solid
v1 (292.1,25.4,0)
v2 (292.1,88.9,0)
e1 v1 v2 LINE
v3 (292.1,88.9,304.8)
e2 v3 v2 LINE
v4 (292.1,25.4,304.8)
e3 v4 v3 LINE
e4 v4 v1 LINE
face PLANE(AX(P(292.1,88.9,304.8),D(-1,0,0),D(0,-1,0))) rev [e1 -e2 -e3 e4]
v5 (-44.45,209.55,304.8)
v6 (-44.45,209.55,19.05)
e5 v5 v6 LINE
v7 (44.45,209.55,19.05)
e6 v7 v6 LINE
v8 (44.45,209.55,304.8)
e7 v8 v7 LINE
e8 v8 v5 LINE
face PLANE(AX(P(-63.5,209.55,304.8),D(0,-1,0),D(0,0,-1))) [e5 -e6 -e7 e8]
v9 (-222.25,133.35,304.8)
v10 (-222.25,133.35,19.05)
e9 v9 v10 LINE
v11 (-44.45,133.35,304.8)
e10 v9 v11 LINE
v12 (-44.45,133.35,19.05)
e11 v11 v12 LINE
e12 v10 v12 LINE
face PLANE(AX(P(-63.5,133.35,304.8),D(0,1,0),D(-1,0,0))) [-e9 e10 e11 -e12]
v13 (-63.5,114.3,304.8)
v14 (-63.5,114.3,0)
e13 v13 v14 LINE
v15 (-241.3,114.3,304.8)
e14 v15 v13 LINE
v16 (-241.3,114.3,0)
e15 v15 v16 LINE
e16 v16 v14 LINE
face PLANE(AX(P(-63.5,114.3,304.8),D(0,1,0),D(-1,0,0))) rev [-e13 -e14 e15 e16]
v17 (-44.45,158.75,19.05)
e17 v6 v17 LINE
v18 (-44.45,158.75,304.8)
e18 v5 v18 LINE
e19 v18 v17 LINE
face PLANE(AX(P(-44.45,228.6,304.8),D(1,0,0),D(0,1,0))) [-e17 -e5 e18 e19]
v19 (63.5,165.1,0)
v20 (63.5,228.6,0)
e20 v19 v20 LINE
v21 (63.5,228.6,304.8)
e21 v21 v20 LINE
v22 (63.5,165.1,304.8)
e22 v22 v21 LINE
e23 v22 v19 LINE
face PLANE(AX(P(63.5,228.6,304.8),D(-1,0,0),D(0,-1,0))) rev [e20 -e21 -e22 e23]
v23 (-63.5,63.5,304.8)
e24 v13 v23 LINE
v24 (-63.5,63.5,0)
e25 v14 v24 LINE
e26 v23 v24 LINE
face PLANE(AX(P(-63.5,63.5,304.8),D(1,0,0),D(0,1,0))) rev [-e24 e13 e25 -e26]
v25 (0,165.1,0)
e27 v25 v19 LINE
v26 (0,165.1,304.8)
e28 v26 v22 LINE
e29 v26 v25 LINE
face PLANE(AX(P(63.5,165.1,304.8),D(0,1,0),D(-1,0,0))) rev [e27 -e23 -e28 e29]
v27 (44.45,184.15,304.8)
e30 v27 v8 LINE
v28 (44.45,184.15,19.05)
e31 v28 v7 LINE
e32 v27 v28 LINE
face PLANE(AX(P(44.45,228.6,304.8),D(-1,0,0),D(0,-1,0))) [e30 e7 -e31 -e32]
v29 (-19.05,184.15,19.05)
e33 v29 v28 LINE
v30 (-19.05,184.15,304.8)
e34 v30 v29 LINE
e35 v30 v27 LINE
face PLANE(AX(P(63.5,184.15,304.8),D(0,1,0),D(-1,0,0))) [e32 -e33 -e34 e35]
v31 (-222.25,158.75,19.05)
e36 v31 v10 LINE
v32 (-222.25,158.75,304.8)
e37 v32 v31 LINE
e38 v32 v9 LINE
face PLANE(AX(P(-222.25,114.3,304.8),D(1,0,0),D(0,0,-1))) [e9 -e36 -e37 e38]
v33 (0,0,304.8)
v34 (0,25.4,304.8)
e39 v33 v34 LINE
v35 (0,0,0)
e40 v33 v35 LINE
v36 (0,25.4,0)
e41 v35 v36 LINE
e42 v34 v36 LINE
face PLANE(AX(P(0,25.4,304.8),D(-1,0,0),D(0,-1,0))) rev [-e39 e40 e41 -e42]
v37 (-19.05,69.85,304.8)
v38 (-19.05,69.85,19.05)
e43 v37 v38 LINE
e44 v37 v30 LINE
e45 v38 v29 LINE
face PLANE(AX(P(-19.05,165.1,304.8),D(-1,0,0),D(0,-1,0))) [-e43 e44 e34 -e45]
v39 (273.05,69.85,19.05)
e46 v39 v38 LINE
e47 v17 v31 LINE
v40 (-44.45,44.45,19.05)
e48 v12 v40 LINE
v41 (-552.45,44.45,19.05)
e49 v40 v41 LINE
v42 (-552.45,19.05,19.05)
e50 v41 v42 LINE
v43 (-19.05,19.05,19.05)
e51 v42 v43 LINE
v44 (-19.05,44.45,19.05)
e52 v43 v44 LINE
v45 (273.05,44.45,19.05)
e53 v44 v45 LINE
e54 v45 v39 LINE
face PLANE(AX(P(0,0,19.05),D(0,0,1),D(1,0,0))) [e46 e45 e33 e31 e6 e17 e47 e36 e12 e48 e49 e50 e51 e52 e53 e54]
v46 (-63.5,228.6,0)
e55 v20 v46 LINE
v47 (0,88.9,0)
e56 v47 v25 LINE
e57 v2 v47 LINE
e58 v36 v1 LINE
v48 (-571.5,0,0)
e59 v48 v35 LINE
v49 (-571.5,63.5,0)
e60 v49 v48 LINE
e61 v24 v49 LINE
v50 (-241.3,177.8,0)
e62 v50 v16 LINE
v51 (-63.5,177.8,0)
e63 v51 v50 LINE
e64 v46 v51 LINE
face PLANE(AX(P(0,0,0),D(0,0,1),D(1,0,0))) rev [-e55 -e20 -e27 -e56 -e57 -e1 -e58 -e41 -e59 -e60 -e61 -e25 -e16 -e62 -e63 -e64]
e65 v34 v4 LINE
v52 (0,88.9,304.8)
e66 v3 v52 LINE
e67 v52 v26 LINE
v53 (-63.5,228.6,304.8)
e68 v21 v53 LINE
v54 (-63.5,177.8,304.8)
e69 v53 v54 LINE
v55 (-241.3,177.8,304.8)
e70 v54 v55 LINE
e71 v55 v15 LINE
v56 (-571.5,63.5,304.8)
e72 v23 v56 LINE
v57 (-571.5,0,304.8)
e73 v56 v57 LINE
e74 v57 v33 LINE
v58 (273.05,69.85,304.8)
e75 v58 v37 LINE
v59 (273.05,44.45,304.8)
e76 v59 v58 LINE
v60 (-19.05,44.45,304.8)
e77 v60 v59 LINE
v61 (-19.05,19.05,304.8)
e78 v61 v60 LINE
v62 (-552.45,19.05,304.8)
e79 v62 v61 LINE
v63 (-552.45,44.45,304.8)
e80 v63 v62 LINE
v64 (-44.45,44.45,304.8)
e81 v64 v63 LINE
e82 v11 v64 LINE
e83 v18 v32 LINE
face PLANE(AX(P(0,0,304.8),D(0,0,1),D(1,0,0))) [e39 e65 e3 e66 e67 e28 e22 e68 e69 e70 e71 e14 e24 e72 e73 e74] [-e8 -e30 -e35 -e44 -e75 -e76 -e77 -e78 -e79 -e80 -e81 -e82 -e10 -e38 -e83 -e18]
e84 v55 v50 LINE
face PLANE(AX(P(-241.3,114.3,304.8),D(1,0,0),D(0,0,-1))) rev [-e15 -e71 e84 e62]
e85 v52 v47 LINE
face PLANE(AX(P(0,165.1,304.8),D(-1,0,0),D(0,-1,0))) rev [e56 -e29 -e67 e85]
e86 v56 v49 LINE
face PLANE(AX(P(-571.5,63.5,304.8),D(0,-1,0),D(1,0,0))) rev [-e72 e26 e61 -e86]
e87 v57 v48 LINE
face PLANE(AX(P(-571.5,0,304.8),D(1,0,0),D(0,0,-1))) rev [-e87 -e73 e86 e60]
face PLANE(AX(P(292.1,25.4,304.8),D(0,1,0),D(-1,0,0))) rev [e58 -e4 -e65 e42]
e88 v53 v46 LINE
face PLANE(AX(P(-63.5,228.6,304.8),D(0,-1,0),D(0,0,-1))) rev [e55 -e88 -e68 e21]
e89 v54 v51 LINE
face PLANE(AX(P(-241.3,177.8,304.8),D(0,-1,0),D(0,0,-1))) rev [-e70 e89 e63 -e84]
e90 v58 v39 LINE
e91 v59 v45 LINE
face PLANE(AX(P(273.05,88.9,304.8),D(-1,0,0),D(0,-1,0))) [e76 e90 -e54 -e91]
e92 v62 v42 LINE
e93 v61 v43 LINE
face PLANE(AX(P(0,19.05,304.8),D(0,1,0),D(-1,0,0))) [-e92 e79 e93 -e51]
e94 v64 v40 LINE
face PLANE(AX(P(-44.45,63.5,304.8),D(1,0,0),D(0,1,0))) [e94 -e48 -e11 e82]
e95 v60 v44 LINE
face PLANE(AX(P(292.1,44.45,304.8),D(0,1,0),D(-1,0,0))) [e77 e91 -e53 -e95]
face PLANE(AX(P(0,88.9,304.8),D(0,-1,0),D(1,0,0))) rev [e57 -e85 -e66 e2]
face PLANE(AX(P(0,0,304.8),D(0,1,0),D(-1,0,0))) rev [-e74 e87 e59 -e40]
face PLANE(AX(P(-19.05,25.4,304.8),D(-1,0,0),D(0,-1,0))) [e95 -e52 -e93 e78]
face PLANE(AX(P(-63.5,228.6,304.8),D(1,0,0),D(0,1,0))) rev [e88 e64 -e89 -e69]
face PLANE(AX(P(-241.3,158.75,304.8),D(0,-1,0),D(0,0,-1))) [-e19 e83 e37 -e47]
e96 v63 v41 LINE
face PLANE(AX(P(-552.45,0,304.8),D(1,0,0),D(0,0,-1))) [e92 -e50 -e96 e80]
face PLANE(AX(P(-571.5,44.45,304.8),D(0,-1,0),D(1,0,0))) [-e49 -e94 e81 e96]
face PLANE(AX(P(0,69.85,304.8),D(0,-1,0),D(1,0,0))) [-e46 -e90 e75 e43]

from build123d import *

# Parameters (mm, degrees)
BOSS_EXTRUDE1_DEPTH = 304.8
SHELL1_T            = -19.05


with BuildPart() as part:
    # Sketch1 → Boss-Extrude1 (new body)
    with BuildSketch(Plane.XY):
        Polygon((-241.3, 177.8), (-63.5, 177.8), (-63.5, 228.6), (63.5, 228.6), (63.5, 165.1), (0, 165.1), (0, 88.9), (292.1, 88.9), (292.1, 25.4), (0, 25.4), (0, 0), (-571.5, 0), (-571.5, 63.5), (-63.5, 63.5), (-63.5, 114.3), (-241.3, 114.3), align=None)
    extrude(amount=BOSS_EXTRUDE1_DEPTH)

    # Shell1
    shell1_openings = [part.faces().sort_by_distance(p)[0] for p in [
        (-152.4, 168.866563259, 304.8),
    ]]
    offset(amount=SHELL1_T, openings=shell1_openings, kind=Kind.INTERSECTION)


solid = part.part
